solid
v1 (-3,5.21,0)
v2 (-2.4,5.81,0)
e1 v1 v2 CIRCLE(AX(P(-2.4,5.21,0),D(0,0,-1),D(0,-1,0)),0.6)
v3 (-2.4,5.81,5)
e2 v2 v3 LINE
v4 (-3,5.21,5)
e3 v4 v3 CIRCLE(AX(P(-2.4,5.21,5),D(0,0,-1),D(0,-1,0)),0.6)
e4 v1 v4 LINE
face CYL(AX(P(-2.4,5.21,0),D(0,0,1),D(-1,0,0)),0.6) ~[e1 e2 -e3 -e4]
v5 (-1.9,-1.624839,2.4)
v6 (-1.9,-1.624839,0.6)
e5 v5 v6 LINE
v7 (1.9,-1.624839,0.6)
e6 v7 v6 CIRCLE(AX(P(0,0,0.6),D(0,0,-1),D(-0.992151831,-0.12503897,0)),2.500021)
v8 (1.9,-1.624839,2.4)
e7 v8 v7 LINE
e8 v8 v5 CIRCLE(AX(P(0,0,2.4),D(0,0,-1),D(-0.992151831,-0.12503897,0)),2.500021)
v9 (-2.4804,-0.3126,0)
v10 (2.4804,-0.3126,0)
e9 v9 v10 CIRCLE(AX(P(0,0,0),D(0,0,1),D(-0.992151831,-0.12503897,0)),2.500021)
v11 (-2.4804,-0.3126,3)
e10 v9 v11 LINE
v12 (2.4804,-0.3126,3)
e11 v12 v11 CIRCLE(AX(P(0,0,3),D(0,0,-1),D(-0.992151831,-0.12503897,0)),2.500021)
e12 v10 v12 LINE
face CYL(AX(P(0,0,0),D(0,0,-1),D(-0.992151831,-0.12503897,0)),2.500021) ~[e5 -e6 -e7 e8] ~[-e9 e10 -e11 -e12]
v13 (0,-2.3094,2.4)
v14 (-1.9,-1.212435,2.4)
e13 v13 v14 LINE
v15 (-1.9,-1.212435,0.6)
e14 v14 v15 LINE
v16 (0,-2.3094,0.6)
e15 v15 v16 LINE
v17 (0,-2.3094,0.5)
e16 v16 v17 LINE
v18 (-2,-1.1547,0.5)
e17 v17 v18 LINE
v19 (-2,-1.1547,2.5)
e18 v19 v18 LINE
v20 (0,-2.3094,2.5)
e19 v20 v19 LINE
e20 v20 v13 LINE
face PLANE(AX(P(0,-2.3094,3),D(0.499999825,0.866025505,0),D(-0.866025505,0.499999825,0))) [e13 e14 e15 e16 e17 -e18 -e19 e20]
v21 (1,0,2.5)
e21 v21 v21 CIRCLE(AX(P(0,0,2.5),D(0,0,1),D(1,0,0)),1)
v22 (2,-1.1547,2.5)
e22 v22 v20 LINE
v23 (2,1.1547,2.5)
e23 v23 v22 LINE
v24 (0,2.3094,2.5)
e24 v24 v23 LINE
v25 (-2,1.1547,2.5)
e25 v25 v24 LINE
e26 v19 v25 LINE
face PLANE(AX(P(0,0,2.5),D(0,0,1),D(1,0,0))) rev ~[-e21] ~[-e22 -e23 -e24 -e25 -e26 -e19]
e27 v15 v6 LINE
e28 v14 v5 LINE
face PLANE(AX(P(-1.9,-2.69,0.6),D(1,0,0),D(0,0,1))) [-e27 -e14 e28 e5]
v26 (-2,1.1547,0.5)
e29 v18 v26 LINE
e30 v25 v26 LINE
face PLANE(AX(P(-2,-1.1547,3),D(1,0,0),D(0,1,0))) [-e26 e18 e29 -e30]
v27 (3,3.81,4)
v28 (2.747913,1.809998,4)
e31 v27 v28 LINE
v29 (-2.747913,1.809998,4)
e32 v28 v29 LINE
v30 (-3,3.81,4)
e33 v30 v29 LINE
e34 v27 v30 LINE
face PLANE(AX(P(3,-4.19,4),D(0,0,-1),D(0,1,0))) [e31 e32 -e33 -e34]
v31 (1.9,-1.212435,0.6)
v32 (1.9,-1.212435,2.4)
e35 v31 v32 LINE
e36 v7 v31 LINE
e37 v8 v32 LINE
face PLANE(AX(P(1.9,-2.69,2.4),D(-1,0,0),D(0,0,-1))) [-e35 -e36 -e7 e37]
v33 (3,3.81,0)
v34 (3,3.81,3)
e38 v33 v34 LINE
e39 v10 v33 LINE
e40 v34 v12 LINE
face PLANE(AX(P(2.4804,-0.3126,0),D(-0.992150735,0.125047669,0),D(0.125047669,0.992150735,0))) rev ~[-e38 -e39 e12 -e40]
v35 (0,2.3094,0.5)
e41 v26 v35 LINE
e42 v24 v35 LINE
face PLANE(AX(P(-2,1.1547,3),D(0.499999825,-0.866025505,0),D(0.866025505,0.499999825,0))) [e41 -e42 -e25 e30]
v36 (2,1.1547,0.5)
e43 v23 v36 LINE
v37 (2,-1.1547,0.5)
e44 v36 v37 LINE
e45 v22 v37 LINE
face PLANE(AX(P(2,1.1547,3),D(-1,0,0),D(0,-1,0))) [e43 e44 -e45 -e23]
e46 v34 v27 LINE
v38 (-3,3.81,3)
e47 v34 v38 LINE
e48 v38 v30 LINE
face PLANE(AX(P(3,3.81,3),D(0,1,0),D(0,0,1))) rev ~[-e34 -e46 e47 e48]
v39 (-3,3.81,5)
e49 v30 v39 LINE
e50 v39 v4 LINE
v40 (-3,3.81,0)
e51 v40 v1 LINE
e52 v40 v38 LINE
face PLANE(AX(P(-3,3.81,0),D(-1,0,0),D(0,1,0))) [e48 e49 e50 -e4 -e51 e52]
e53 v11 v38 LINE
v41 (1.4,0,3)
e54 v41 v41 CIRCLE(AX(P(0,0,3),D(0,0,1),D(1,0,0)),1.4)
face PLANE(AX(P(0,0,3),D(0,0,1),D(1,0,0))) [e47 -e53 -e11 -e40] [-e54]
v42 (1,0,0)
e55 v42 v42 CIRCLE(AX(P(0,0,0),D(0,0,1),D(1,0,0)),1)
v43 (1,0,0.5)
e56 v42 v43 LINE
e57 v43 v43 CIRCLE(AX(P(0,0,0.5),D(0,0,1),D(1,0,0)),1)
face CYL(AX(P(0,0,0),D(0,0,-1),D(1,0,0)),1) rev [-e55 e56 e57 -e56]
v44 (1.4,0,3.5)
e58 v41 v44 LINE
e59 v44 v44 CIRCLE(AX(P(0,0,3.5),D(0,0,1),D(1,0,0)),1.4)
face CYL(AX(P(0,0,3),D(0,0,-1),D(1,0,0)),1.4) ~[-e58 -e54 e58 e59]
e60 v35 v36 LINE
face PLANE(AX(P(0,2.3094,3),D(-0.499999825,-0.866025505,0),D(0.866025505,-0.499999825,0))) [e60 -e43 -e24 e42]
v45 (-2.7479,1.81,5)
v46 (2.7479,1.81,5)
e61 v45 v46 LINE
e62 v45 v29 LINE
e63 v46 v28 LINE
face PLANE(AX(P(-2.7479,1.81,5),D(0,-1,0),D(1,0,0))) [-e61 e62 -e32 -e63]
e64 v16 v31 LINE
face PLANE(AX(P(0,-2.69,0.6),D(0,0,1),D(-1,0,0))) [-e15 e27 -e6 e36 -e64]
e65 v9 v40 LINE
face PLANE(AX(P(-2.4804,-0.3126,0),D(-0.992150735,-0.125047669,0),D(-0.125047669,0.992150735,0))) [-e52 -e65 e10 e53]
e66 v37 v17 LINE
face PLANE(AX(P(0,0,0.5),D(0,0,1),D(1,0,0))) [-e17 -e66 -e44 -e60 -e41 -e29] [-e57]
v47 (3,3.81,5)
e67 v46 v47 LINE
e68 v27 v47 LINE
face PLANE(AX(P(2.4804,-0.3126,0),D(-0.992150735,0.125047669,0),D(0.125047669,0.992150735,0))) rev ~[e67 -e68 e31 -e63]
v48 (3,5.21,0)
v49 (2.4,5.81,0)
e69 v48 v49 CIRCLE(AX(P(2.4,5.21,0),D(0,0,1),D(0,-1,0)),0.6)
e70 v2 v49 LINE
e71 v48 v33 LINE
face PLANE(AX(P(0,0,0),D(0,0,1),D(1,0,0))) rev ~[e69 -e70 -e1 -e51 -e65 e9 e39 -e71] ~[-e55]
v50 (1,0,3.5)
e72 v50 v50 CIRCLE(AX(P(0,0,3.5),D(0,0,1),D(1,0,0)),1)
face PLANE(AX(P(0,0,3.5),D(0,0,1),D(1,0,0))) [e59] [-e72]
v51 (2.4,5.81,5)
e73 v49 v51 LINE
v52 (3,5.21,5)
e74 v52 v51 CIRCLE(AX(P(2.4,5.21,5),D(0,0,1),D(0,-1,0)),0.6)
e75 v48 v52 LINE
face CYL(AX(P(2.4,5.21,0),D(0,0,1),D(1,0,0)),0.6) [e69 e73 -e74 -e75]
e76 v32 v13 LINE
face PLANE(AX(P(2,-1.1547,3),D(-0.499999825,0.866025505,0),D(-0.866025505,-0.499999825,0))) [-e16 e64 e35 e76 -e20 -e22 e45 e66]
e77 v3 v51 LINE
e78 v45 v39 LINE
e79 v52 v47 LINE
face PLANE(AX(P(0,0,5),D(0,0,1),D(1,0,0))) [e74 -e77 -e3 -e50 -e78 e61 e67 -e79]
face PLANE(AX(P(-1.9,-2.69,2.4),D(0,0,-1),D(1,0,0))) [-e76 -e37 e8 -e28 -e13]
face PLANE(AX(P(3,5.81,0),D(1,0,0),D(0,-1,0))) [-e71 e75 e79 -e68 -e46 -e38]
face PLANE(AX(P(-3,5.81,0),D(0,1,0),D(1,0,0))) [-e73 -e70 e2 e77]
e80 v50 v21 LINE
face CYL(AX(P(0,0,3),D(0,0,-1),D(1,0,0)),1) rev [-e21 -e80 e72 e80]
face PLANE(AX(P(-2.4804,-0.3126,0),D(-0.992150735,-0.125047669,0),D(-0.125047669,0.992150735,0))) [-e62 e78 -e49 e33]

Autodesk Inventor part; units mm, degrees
ref_plane "YZ Plane" through (0, 0, 0) normal (1, 0, 0) x (0, 1, 0)
ref_plane "XZ Plane" through (0, 0, 0) normal (0, 1, 0) x (-1, 0, 0)
sketch "Sketch1" plane through (0, 0, 0) normal (0, 0, 1) x (1, 0, 0)
  circle A0 centre (0, 0) radius 1
  line L0 (-8.2702, 3.81) -> (10.8086, 3.81) construction
  arc A1 (-2.4804, -0.3126) -> (2.4804, -0.3126) centre (0, 0) ccw
  line L1 (0, 0) -> (2.4804, -0.3126) construction
  line L2 (-3, 3.81) -> (-3, 5.81)
  line L3 (-3, 5.81) -> (3, 5.81)
  line L4 (3, 5.81) -> (3, 3.81)
  line L5 (0, 5.81) -> (0, -5.1474) construction
  line L6 (2.4804, -0.3126) -> (3, 3.81)
  line L7 (-2.4804, -0.3126) -> (-3, 3.81)
  dimension "d0" = 2
  dimension "d3" = 3.81
  dimension "d4" = 2
  dimension "d5" = 6
  dimension "d6" = 2.5
extrude "Extrusion1" add sketch "Sketch1" along normal blind 5
sketch "Sketch2" plane through (3, 3.81, 0) normal (1, 0, 0) x (0, 0, -1)
  line L0 (-5, 0) -> (-5, 2) projected
  line L1 (0, 0) -> (-5, 0) projected
  line L2 (-4, 0) -> (-3, 0)
  line L3 (-3, 0) -> (-3, -8)
  line L4 (-3, -8) -> (-4, -8)
  line L5 (-4, -8) -> (-4, 0)
  point P0 (0, -3.81)
  dimension "d7" = 1
  dimension "d9" = 1
  dimension "d10" = 8
extrude "Extrusion2" cut sketch "Sketch2" against normal blind 10
sketch "Sketch3" plane through (0, 0, 3) normal (0, 0, 1) x (1, 0, 0)
  arc A0 (-2.4804, -0.3126) -> (2.4804, -0.3126) centre (0, 0) ccw projected
  line L0 (3, 3.81) -> (-3, 3.81) projected
  circle A1 centre (0, 0) radius 1 projected
  line L1 (0, 2.3094) -> (2, 1.1547)
  line L2 (2, 1.1547) -> (2, -1.1547)
  line L3 (2, -1.1547) -> (0, -2.3094)
  line L4 (0, -2.3094) -> (-2, -1.1547)
  line L5 (-2, -1.1547) -> (-2, 1.1547)
  line L6 (-2, 1.1547) -> (0, 2.3094)
  line L7 (0, 3.81) -> (0, 1.7188) construction
  point P0 (0, 0)
  dimension "d13" = 2
extrude "Extrusion3" cut sketch "Sketch3" against normal blind 2.5
sketch "Sketch5" plane through (0, 0, 3) normal (0, 0, 1) x (1, 0, 0)
  line L0 (-2, 1.1547) -> (0, 2.3094) projected
  line L1 (0, 2.3094) -> (2, 1.1547) projected
  line L2 (2, 1.1547) -> (2, -1.1547) projected
  line L3 (2, -1.1547) -> (0, -2.3094) projected
  line L4 (0, -2.3094) -> (-2, -1.1547) projected
  line L5 (-2, -1.1547) -> (-2, 1.1547) projected
  circle A0 centre (0, 0) radius 1 projected
extrude "Extrusion5" add sketch "Sketch5" against normal blind 0.5
ref_plane "Work Plane1" through (-3, -2.69, 0) normal (0, 1, 0) x (1, 0, 0)
sketch "Sketch6" plane through (-3, -2.69, 0) normal (0, 1, 0) x (1, 0, 0)
  line L0 (1, -2.5) -> (3, -2.5) projected
  line L1 (3, -2.5) -> (3, -0.5) projected
  line L2 (1, -2.5) -> (1, -0.5) projected
  line L3 (3, -2.5) -> (5, -2.5) projected
  line L4 (5, -2.5) -> (5, -0.5) projected
  line L5 (3, -2.5) -> (3, -0.5) projected
  line L6 (4.9, -0.6) -> (1.1, -0.6)
  line L7 (1.1, -0.6) -> (1.1, -2.4)
  line L8 (1.1, -2.4) -> (4.9, -2.4)
  line L9 (4.9, -2.4) -> (4.9, -0.6)
  line L10 (5, -0.5) -> (3, -0.5) projected
  line L11 (3, -0.5) -> (1, -0.5) projected
  point P0 (3, 0)
  dimension "d28" = 0.1
  dimension "d29" = 0.1
  dimension "d30" = 0.1
extrude "Extrusion6" cut sketch "Sketch6" along normal blind 2 and the other way blind 2 contours L8 L7 L6 L1 | L1 L6 L9 L8
sketch "Sketch7" plane through (0, 0, 5) normal (0, 0, 1) x (1, 0, 0)
  circle A0 centre (0, 0) radius 1 projected
  arc A1 (-2.4804, -0.3126) -> (2.4804, -0.3126) centre (0, 0) ccw projected
  line L0 (2.4804, -0.3126) -> (3, 3.81) projected
  line L1 (3, 3.81) -> (3, 5.21) projected
  line L2 (2.4, 5.81) -> (-2.4, 5.81) projected
  line L3 (-3, 5.21) -> (-3, 3.81) projected
  line L4 (-3, 3.81) -> (-2.4804, -0.3126) projected
  line L5 (-3, 3.81) -> (3, 3.81)
  arc A2 (-2.4, 5.81) -> (-3, 5.21) centre (-2.4, 5.21) ccw projected
  arc A3 (3, 5.21) -> (2.4, 5.81) centre (2.4, 5.21) ccw projected
  line L6 (2.4804, -0.3126) -> (3, 3.81) projected
  line L7 (-3, 5.81) -> (-3, 3.81) projected
  line L8 (-3, 3.81) -> (-2.4804, -0.3126) projected
  line L9 (-2.7479, 1.81) -> (2.7479, 1.81)
  dimension "d35" = 2
fillet "Fillet1" radius 0.6 2 edges at (3, 5.81, 2.5) (-3, 5.81, 2.5)
extrude "Extrusion7" cut sketch "Sketch7" against normal blind 2 contours L4 L9 L0 A1
sketch "Sketch8" plane through (0, 0, 3) normal (0, 0, 1) x (1, 0, 0)
  circle A0 centre (0, 0) radius 1 projected
  arc A1 (-2.4804, -0.3126) -> (2.4804, -0.3126) centre (0, 0) ccw projected
  circle A2 centre (0, 0) radius 1.4
  circle A3 centre (0, 0) radius 1
  dimension "d36" = 2.8
  dimension "d37" = 2
extrude "Extrusion8" add sketch "Sketch8" along normal blind 0.5
properties part number "HexSaver01"
